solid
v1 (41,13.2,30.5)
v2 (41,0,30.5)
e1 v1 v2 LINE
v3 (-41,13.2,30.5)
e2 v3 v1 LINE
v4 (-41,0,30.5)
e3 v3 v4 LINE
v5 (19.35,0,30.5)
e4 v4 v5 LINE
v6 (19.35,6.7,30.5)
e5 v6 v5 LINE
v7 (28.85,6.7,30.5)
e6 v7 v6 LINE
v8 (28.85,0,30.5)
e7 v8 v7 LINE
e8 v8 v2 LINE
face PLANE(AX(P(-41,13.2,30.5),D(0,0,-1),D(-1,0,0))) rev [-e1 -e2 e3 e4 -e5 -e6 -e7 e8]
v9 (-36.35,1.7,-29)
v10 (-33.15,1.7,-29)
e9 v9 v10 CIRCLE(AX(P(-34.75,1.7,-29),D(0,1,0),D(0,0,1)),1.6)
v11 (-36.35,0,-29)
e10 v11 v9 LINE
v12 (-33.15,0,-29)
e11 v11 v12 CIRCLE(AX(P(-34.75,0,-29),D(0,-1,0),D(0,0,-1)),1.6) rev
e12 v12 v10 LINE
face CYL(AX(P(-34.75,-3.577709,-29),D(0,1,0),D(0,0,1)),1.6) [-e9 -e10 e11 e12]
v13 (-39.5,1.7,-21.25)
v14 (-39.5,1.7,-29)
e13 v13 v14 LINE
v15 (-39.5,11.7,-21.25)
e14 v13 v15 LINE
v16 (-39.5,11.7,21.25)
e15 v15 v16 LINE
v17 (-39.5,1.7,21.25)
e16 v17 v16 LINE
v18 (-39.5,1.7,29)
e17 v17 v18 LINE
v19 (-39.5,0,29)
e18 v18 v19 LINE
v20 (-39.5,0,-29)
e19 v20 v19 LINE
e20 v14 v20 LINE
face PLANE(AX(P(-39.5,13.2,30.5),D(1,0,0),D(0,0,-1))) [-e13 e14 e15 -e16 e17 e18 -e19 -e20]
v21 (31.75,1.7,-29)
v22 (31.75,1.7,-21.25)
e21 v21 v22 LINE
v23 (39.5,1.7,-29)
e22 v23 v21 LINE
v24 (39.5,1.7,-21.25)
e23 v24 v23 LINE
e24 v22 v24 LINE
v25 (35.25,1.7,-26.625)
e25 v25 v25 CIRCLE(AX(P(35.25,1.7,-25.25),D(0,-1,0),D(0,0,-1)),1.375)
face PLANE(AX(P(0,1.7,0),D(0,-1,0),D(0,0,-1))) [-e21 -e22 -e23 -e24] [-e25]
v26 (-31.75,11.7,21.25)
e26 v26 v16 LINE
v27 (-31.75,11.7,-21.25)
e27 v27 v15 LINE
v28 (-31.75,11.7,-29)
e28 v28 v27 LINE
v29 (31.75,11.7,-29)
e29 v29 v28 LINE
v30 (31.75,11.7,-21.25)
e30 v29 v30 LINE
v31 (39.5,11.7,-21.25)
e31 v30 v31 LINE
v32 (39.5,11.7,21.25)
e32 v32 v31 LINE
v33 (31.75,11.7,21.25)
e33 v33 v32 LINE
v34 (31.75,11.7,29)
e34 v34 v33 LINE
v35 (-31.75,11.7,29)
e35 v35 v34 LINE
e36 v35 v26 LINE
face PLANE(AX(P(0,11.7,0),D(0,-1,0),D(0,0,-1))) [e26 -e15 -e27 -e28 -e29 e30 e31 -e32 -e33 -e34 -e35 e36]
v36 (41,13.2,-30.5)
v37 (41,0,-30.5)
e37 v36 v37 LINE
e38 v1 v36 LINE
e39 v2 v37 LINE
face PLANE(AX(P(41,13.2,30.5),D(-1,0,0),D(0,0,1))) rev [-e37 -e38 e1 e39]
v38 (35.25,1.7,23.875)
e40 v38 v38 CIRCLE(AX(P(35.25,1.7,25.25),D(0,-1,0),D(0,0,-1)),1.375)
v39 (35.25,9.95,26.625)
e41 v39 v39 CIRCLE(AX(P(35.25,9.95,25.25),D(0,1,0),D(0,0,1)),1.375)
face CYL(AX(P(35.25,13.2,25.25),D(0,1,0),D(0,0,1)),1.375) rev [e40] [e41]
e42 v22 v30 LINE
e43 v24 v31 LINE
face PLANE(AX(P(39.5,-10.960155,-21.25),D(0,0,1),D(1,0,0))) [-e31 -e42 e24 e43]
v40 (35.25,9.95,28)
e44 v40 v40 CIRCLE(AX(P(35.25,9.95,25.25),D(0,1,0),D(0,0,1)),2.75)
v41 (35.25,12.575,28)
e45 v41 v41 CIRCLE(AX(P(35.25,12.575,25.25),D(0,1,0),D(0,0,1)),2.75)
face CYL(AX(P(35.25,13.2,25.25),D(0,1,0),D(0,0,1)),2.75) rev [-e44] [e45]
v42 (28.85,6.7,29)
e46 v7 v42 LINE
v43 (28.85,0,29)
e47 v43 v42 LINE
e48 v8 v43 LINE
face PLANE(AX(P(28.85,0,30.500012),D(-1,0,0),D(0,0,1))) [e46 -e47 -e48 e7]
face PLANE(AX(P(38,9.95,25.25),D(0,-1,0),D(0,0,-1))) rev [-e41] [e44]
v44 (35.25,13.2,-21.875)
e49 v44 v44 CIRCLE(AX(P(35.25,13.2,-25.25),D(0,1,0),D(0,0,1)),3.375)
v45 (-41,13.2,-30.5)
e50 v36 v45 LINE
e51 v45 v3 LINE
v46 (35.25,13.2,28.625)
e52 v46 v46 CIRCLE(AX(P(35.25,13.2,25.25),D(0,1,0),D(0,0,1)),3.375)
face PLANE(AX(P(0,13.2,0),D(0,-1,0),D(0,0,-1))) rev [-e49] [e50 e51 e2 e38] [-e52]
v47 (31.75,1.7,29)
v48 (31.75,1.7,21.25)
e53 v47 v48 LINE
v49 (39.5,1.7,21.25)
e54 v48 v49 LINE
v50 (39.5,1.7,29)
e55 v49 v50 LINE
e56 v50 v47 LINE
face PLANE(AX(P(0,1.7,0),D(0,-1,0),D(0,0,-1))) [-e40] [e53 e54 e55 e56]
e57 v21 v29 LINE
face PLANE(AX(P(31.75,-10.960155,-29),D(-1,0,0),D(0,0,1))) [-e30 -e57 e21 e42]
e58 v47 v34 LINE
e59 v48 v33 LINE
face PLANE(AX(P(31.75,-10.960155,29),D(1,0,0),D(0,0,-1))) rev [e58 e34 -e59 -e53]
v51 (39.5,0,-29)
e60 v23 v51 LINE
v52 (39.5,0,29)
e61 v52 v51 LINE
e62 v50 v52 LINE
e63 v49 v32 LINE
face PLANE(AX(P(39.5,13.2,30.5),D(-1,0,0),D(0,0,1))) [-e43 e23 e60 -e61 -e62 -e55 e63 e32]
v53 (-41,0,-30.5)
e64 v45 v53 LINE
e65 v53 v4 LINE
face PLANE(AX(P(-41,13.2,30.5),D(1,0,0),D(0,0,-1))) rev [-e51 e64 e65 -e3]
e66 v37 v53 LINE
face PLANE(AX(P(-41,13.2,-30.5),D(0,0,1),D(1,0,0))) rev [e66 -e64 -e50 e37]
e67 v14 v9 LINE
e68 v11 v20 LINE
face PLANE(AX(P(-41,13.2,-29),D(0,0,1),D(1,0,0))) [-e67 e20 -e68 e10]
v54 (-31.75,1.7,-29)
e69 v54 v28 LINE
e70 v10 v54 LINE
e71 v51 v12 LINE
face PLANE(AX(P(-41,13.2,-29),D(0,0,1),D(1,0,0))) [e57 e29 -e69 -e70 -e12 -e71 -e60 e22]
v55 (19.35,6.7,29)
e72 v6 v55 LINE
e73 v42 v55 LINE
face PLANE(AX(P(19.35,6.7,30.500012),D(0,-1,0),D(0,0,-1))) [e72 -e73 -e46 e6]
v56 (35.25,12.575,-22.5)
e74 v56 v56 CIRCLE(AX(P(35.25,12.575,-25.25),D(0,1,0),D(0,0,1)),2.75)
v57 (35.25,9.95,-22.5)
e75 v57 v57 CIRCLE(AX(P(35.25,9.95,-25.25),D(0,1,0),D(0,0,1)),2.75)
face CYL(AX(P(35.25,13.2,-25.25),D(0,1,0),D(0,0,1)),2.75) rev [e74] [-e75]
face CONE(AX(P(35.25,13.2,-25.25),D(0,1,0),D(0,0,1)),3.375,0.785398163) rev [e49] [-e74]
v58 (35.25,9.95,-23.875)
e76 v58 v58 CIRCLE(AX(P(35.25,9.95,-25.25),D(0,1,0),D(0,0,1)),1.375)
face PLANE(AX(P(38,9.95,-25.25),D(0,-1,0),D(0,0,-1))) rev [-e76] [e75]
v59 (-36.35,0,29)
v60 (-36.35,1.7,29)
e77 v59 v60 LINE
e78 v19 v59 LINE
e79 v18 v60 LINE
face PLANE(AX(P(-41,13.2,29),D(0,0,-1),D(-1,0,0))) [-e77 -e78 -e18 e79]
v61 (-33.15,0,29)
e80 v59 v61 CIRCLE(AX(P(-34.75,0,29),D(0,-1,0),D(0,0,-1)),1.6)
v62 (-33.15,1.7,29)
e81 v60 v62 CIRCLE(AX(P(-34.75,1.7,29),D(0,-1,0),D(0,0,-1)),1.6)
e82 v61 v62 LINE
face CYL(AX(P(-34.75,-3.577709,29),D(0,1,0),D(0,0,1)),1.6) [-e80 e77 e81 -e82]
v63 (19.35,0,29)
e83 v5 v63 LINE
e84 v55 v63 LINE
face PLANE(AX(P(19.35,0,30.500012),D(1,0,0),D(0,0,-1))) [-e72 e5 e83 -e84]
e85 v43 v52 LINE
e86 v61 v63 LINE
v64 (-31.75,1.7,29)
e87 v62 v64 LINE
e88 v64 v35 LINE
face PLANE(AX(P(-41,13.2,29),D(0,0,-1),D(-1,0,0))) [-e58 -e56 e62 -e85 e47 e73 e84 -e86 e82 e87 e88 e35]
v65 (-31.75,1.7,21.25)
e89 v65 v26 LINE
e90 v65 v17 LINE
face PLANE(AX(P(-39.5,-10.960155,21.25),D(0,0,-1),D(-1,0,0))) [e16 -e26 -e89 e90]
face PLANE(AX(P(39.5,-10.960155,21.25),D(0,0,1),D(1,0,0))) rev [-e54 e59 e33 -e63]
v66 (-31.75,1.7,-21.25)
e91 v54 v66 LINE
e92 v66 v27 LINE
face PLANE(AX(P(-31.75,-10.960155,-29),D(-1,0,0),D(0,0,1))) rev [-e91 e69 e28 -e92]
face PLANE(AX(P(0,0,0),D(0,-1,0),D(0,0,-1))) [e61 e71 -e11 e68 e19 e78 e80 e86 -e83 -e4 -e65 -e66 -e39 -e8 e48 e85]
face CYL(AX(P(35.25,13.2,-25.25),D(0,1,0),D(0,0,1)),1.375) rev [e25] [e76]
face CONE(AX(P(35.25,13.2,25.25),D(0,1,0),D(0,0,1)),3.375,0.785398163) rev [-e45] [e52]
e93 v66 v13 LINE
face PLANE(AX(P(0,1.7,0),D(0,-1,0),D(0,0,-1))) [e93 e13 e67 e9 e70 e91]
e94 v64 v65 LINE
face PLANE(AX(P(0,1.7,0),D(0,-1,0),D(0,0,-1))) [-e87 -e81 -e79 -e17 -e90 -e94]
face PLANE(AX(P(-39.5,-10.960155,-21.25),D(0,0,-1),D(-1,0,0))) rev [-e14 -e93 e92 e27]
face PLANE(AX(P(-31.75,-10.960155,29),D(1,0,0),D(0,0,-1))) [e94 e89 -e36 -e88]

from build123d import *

# Parameters (mm, degrees)
SKETCH1_W                      = 82
SKETCH1_H                      = 61
BOSS_EXTRUDE1_DEPTH            = 13.2
SHELL2_T                       = -1.5
SKETCH2_W                      = 7.75
SKETCH2_H                      = 7.75
BOSS_EXTRUDE2_DEPTH            = 10
BOSS_EXTRUDE3_DEPTH            = 1.7
MIRROR2_COPY_1_SKETCH_W        = 7.75
MIRROR2_COPY_1_SKETCH_H        = 7.75
MIRROR2_COPY_1_DEPTH           = 10
CUT_EXTRUDE1_REACH             = 76.674
SKETCH9_W                      = 9.5
SKETCH9_H                      = 6.7
CUT_EXTRUDE1_DIRECTION_2_DEPTH = 75.674225808


with BuildPart() as part:
    # Sketch1 → Boss-Extrude1 (new body)
    with BuildSketch(Plane(origin=(0, 0, 0), x_dir=(1, 0, 0), z_dir=(0, 1, 0))):
        Rectangle(SKETCH1_W, SKETCH1_H)
    extrude(amount=BOSS_EXTRUDE1_DEPTH)

    # Shell2
    shell2_openings = [part.faces().sort_by_distance(p)[0] for p in [
        (0, 0, 0),
    ]]
    offset(amount=SHELL2_T, openings=shell2_openings, kind=Kind.INTERSECTION)

    # Sketch2 → Boss-Extrude2 (add)
    with BuildSketch(Plane.XZ.offset(-11.7)):
        with Locations((35.625, 25.125)):
            Rectangle(SKETCH2_W, SKETCH2_H)
    boss_extrude2 = extrude(amount=BOSS_EXTRUDE2_DEPTH)

    # Mirror1: Boss-Extrude2 across plane
    add(boss_extrude2.mirror(Plane(origin=(0, 0, 0), x_dir=(0, 0, 1), z_dir=(1, 0, 0))))

    # Sketch6 → CBORE for M5 Hex Head Bolt1 (revolve, cut)
    with BuildSketch(Plane(origin=(35.25, 13.2, 25.25), x_dir=(0, 0, 1), z_dir=(1, 0, 0))):
        Polygon((0, 0), (0, 13.2), (1.375, 13.2), (1.375, 3.25), (2.75, 3.25), (2.75, 0.625), (3.375, 0), align=None)
    cbore_for_m5_hex_head_bolt1 = revolve(axis=Axis((35.25, 19.55, 25.25), (0, -1, 0)), mode=Mode.SUBTRACT)

    # Sketch8 → Boss-Extrude3 (add)
    with BuildSketch(Plane.XZ.offset(-1.7)):
        with BuildLine():
            Line((-36.35, 29), (-33.15, 29))
            ThreePointArc((-33.15, 29), (-34.75, 27.4), (-36.35, 29))
        make_face()
    boss_extrude3 = extrude(amount=BOSS_EXTRUDE3_DEPTH)

    # Mirror2: Boss-Extrude2, CBORE for M5 Hex Head Bolt1, Boss-Extrude3 across plane
    add(boss_extrude2.mirror(Plane.XY))
    add(cbore_for_m5_hex_head_bolt1.mirror(Plane.XY), mode=Mode.SUBTRACT)
    add(boss_extrude3.mirror(Plane.XY))

    # Mirror2 copy 1 sketch → Mirror2 copy 1 (add)
    with BuildSketch(Plane(origin=(0, 11.7, 0), x_dir=(-1, 0, 0), z_dir=(0, -1, 0))):
        with Locations((35.625, 25.125)):
            Rectangle(MIRROR2_COPY_1_SKETCH_W, MIRROR2_COPY_1_SKETCH_H)
    extrude(amount=MIRROR2_COPY_1_DEPTH)

    # Sketch9 → Cut-Extrude1 (cut, up to next)
    with BuildSketch(Plane.XY.offset(30.5), mode=Mode.PRIVATE) as cut_extrude1_sk1:
        with Locations((24.1, 3.35)):
            Rectangle(SKETCH9_W, SKETCH9_H)
    cut_extrude1_tool1 = extrude(cut_extrude1_sk1.sketch, amount=-CUT_EXTRUDE1_REACH, mode=Mode.PRIVATE) & part.part
    add(cut_extrude1_tool1.solids().sort_by_distance((24.1, 3.35, 30.5))[0], mode=Mode.SUBTRACT)

    # Sketch9 → Cut-Extrude1 direction 2 (cut)
    with BuildSketch(Plane.XY.offset(30.5)):
        with Locations((24.1, 3.35)):
            Rectangle(SKETCH9_W, SKETCH9_H)
    extrude(amount=CUT_EXTRUDE1_DIRECTION_2_DEPTH, mode=Mode.SUBTRACT)


solid = part.part
